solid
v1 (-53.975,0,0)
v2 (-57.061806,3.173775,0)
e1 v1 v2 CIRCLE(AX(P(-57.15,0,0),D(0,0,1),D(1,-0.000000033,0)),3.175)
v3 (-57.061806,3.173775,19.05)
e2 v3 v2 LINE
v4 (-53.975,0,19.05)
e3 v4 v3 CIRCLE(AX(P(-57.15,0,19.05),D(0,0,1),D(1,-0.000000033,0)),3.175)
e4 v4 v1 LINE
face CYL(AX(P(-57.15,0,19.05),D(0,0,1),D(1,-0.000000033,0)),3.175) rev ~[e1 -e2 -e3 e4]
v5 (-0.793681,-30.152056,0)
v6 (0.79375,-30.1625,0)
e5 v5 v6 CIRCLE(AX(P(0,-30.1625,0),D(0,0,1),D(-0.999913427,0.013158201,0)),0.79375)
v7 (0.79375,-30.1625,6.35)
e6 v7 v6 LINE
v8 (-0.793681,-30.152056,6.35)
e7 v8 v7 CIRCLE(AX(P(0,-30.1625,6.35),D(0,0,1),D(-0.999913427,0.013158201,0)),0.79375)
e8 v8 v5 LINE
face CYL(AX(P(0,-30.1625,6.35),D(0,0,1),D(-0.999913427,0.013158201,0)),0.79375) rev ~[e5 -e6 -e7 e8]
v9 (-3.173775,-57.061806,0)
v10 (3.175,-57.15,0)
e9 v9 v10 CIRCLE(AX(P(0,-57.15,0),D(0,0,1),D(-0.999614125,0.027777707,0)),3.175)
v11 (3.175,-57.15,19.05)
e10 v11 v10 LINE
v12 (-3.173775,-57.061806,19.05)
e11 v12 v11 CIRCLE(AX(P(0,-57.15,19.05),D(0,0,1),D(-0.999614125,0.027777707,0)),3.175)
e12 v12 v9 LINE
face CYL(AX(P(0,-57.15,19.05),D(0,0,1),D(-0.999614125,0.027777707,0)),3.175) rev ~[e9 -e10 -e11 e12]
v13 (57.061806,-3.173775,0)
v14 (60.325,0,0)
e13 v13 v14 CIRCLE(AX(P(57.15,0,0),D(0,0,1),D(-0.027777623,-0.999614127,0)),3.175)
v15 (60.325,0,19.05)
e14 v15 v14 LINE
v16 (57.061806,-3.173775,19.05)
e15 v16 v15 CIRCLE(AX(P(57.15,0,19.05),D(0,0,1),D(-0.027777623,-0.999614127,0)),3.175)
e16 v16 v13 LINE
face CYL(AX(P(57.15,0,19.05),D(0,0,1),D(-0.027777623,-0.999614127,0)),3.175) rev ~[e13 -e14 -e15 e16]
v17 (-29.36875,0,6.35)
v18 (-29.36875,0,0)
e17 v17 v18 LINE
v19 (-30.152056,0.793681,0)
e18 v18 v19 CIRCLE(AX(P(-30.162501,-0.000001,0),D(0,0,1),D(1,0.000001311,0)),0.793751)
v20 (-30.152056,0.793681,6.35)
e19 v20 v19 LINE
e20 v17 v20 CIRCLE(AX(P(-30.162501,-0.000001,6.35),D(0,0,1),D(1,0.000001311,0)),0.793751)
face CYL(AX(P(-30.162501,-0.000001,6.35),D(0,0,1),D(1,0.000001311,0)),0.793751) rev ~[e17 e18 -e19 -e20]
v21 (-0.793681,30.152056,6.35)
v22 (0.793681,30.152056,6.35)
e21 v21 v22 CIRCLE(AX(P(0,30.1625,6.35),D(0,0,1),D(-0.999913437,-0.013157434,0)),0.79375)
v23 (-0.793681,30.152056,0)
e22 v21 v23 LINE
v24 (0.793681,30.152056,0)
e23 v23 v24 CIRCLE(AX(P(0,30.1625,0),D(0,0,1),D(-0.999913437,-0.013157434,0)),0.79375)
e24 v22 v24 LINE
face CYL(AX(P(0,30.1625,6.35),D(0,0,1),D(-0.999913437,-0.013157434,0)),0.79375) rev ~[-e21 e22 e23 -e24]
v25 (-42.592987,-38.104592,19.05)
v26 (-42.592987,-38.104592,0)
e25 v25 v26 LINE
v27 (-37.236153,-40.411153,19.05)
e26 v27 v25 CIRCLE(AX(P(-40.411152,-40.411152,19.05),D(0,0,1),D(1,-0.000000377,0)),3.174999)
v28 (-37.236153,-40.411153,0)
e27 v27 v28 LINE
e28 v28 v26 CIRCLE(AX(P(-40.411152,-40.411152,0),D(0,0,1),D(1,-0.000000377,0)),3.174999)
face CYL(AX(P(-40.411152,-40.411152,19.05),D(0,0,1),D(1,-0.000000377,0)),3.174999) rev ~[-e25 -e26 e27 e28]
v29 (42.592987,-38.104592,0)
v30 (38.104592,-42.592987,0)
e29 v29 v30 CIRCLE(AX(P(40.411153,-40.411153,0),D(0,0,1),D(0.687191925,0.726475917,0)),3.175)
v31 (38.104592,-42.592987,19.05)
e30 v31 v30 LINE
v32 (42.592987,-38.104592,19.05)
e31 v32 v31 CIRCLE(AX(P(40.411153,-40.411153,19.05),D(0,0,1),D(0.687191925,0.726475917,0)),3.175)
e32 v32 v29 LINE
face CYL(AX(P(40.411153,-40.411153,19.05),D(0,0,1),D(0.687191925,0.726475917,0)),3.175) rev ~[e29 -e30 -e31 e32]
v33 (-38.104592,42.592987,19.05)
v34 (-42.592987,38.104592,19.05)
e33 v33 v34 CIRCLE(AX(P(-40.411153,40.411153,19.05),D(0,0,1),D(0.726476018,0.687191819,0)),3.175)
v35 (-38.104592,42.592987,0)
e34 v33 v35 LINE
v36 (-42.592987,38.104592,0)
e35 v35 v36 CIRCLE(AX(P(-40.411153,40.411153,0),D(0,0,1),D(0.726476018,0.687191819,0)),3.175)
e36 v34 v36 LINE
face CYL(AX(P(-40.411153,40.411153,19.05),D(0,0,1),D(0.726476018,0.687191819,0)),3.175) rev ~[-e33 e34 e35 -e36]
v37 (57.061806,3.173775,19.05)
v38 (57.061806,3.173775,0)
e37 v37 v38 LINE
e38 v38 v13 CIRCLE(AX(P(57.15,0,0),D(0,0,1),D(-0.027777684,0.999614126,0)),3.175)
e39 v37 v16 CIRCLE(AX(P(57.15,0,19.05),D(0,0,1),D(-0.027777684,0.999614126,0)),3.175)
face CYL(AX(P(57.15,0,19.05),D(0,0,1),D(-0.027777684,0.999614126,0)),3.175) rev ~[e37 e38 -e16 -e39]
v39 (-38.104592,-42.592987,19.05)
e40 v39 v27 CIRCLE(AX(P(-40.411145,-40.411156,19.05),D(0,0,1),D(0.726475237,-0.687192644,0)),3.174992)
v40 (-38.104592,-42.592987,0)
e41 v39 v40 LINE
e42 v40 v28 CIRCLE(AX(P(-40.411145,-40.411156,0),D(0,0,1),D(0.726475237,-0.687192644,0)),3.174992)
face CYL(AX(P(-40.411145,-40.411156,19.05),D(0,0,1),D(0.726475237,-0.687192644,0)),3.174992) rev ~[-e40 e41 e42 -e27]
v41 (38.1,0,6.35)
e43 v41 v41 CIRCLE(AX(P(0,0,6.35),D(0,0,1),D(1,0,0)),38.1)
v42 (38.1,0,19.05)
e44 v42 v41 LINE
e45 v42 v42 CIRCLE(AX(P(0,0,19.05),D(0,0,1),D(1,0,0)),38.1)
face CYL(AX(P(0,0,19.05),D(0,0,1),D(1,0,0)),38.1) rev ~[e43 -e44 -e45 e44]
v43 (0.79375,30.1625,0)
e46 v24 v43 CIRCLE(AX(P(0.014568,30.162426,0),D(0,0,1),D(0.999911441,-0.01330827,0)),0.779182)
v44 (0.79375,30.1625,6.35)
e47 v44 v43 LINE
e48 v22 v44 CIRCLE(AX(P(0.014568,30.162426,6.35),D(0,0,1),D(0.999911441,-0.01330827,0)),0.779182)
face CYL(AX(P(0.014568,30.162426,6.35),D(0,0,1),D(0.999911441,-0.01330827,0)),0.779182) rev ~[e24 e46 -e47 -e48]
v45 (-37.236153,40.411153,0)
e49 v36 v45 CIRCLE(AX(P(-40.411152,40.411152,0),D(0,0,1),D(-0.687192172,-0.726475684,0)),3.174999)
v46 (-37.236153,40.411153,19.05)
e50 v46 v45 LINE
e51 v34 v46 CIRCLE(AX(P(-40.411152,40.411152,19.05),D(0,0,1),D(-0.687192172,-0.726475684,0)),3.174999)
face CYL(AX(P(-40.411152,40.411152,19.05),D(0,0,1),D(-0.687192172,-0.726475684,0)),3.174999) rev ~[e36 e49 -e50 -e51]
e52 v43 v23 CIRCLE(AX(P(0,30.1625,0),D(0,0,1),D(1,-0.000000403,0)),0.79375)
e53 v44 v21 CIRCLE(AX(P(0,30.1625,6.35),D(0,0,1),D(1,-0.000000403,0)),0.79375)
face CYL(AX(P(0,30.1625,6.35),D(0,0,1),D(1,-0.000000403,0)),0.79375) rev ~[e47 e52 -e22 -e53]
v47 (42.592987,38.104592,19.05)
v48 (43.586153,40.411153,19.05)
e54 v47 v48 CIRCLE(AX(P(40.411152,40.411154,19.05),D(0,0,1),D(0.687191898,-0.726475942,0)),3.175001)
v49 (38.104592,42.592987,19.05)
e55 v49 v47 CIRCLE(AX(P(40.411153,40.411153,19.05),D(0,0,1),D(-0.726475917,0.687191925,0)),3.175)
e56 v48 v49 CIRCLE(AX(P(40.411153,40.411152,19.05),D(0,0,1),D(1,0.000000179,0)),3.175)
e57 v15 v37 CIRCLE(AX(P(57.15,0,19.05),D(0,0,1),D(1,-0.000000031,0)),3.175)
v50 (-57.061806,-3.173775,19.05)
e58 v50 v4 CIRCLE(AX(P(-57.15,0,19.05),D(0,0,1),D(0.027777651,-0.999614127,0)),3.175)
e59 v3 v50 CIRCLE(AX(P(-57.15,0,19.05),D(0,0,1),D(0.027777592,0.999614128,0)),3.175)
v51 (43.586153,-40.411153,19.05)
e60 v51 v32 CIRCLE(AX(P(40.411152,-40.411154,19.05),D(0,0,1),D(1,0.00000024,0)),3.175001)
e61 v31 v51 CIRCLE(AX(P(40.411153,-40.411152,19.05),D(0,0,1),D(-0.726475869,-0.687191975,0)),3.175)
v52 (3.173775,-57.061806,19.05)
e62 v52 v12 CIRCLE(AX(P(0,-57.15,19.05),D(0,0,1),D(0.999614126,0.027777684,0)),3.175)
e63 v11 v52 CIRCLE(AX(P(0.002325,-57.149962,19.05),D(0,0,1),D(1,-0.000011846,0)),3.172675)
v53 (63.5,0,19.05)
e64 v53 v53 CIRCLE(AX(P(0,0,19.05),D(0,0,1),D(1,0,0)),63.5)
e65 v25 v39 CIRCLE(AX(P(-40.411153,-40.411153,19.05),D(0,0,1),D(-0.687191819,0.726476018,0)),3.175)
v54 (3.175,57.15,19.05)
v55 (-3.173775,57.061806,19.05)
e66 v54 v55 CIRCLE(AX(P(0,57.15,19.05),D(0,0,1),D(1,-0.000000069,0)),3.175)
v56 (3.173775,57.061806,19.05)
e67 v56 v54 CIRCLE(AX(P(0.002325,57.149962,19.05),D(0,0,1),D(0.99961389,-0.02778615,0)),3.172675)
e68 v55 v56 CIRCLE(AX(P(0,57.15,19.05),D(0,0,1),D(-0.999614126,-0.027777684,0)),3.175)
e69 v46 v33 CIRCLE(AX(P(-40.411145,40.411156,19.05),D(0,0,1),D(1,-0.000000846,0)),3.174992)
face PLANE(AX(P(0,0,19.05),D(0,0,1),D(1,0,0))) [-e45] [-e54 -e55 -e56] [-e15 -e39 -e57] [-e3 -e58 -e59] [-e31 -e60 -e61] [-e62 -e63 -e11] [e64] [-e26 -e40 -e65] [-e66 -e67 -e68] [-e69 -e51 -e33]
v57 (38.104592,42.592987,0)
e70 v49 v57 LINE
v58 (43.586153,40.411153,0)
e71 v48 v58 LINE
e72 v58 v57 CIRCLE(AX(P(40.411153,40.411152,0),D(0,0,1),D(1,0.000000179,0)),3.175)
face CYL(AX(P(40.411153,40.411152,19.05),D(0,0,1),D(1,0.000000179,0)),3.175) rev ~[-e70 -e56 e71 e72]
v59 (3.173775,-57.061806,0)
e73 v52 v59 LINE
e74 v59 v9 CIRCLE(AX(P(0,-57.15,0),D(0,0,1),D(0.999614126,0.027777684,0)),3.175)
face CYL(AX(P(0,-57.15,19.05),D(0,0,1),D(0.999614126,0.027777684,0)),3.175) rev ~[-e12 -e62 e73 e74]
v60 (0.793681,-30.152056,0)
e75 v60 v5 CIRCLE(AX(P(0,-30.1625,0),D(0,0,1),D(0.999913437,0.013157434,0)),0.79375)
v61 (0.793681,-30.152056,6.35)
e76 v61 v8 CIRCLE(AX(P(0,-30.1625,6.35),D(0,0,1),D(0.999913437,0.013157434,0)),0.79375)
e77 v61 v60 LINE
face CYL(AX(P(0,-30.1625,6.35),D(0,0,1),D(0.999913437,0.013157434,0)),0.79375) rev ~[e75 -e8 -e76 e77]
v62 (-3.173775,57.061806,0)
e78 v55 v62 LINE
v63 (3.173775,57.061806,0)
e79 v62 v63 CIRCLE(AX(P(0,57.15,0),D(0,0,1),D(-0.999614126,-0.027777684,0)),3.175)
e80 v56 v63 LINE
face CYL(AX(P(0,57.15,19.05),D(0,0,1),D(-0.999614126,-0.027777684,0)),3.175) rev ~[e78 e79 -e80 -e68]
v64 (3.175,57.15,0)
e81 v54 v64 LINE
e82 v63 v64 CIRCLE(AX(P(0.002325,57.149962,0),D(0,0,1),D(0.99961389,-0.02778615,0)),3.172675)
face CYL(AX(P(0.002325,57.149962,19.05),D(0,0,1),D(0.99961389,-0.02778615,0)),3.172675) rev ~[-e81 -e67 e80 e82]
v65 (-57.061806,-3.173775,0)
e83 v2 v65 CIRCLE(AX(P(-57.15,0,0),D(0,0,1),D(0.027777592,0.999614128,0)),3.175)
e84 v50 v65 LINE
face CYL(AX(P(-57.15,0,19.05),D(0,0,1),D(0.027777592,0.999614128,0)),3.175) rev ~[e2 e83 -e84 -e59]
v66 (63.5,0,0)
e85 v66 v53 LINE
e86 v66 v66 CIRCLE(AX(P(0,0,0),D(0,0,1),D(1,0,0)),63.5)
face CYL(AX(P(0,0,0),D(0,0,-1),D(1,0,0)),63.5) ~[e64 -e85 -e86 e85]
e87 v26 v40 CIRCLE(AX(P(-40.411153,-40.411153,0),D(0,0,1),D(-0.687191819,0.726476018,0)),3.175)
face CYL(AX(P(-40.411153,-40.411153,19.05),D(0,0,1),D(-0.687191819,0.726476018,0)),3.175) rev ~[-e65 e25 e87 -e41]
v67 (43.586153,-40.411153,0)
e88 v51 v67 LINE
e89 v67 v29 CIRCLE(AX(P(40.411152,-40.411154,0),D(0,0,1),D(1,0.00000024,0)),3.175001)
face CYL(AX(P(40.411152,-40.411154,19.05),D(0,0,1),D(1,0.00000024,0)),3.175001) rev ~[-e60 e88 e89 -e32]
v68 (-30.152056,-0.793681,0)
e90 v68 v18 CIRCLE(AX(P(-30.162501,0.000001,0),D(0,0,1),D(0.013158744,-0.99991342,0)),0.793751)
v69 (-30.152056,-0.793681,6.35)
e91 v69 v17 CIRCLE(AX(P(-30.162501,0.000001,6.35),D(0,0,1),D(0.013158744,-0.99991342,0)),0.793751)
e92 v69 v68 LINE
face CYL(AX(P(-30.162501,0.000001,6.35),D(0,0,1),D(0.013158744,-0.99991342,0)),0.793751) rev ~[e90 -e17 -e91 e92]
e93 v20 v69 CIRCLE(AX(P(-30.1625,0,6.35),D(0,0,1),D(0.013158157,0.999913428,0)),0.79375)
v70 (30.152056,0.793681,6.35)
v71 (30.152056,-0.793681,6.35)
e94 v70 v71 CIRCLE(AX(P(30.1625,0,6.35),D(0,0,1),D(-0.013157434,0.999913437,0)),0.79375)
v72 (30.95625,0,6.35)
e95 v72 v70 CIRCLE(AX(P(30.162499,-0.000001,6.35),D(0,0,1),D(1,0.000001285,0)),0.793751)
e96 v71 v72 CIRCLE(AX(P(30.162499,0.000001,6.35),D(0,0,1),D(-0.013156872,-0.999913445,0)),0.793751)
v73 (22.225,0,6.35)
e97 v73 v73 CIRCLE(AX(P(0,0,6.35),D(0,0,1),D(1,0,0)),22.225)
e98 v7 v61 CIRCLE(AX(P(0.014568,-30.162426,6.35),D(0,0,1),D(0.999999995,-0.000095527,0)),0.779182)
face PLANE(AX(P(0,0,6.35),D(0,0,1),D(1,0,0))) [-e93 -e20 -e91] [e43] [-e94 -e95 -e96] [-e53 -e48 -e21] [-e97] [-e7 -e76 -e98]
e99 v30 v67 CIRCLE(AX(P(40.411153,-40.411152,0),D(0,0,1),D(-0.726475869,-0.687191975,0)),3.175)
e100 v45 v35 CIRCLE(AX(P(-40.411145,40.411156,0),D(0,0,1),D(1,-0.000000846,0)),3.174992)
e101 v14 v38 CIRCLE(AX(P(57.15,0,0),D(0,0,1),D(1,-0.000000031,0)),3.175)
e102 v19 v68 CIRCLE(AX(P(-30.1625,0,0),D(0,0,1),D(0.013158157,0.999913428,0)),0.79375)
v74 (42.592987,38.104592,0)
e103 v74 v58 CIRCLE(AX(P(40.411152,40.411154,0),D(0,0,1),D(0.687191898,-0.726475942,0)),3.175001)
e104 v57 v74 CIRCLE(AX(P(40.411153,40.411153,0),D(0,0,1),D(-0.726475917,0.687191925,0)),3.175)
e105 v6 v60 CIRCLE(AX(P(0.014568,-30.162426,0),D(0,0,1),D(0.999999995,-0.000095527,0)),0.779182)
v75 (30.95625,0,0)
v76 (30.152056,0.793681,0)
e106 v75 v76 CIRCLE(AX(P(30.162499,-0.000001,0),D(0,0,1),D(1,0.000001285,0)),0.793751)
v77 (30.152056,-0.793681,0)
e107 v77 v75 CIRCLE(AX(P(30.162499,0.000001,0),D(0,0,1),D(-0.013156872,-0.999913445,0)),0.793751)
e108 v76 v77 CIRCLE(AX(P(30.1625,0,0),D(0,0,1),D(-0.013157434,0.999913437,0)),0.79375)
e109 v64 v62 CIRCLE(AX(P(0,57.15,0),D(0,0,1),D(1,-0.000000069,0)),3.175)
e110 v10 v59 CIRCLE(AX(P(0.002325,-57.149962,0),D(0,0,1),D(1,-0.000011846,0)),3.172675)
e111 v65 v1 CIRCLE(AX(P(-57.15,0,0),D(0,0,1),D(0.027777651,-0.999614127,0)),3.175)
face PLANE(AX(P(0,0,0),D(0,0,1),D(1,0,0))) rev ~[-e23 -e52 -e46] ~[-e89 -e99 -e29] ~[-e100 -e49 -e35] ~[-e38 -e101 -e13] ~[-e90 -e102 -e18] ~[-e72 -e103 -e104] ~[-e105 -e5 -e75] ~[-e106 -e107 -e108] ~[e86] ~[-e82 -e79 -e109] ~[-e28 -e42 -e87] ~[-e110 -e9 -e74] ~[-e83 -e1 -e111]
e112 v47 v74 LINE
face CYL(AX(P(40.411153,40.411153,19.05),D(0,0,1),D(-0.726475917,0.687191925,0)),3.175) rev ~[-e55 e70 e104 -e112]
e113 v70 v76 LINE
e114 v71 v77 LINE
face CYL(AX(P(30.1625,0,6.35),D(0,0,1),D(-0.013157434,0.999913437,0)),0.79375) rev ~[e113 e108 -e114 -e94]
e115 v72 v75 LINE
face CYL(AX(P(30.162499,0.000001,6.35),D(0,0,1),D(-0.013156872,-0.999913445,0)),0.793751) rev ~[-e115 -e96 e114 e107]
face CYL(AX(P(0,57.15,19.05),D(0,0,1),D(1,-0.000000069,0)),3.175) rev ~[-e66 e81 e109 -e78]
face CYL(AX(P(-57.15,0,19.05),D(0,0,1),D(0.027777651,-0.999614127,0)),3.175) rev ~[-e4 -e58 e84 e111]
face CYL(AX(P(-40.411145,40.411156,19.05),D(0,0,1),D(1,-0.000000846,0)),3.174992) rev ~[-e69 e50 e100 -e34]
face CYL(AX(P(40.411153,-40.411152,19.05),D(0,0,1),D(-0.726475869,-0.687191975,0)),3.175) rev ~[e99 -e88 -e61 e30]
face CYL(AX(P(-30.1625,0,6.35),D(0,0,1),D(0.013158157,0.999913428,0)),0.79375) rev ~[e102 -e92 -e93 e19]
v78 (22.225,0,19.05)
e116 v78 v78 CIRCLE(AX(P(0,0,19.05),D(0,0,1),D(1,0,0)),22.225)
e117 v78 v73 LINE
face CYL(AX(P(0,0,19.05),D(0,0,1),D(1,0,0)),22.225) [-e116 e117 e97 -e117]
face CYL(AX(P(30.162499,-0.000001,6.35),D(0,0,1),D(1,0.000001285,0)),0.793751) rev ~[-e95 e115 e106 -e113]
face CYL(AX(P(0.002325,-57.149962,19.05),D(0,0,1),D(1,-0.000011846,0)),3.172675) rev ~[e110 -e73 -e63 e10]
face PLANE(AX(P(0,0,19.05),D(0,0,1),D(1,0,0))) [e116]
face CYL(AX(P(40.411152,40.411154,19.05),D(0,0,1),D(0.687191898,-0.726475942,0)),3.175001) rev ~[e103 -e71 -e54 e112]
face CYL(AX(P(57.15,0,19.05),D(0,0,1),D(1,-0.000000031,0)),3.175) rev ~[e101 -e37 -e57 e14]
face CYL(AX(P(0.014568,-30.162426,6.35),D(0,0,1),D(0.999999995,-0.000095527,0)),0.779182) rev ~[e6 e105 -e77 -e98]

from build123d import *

# Parameters (mm, degrees)
F0_R     = 63.5
F1_DEPTH = 19.05
F2_R     = 38.1
F2_R_2   = 22.225
F3_DEPTH = 12.7
F5_DEPTH = 25.4
F7_DEPTH = 25.4


with BuildPart() as f1:
    # F0 (on Top) → F1 (new body)
    with BuildSketch(Plane.XY):
        Circle(F0_R)
    extrude(amount=F1_DEPTH)

    # F2 (on face) → F3 (cut)
    with BuildSketch(Plane.XY.offset(19.05)):
        Circle(F2_R)
        Circle(F2_R_2, mode=Mode.SUBTRACT)
    extrude(amount=-F3_DEPTH, mode=Mode.SUBTRACT)

    # F4 (on face) → F5 (cut)
    with BuildSketch(Plane.XY.offset(19.05)):
        with BuildLine():
            ThreePointArc((-53.975, 0), (-54.873968, 2.213663), (-57.061806, 3.173775))
            ThreePointArc((-57.061806, 3.173775), (-60.325, 0), (-57.061806, -3.173775))
            ThreePointArc((-57.061806, -3.173775), (-54.873968, -2.213663), (-53.975, 0))
        make_face()
        with BuildLine():
            ThreePointArc((-38.104592, 42.592987), (-42.656217, 42.656217), (-42.592987, 38.104592))
            ThreePointArc((-42.592987, 38.104592), (-39.155505, 37.494995), (-37.236153, 40.411153))
            ThreePointArc((-37.236153, 40.411153), (-37.461241, 41.585311), (-38.104592, 42.592987))
        make_face()
        with BuildLine():
            ThreePointArc((3.175, 57.15), (-0.044101, 60.324694), (-3.173775, 57.061806))
            ThreePointArc((-3.173775, 57.061806), (0, 53.975), (3.173775, 57.061806))
            ThreePointArc((3.173775, 57.061806), (3.174694, 57.105899), (3.175, 57.15))
        make_face()
        with BuildLine():
            ThreePointArc((43.586153, 40.411153), (41.585311, 43.361064), (38.104592, 42.592987))
            ThreePointArc((38.104592, 42.592987), (38.166089, 38.166089), (42.592987, 38.104592))
            ThreePointArc((42.592987, 38.104592), (43.32731, 39.155505), (43.586153, 40.411153))
        make_face()
        with BuildLine():
            ThreePointArc((60.325, 0), (59.363663, 2.276032), (57.061806, 3.173775))
            ThreePointArc((57.061806, 3.173775), (53.975, 0), (57.061806, -3.173775))
            ThreePointArc((57.061806, -3.173775), (59.363663, -2.276032), (60.325, 0))
        make_face()
        with BuildLine():
            ThreePointArc((42.592987, -38.104592), (38.166089, -38.166089), (38.104592, -42.592987))
            ThreePointArc((38.104592, -42.592987), (41.585311, -43.361064), (43.586153, -40.411153))
            ThreePointArc((43.586153, -40.411153), (43.32731, -39.155505), (42.592987, -38.104592))
        make_face()
        with BuildLine():
            ThreePointArc((3.173775, -57.061806), (0, -53.975), (-3.173775, -57.061806))
            ThreePointArc((-3.173775, -57.061806), (-0.044101, -60.324694), (3.175, -57.15))
            ThreePointArc((3.175, -57.15), (3.174694, -57.105899), (3.173775, -57.061806))
        make_face()
        with BuildLine():
            ThreePointArc((-37.236153, -40.411153), (-39.155505, -37.494995), (-42.592987, -38.104592))
            ThreePointArc((-42.592987, -38.104592), (-42.656217, -42.656217), (-38.104592, -42.592987))
            ThreePointArc((-38.104592, -42.592987), (-37.461241, -41.585311), (-37.236153, -40.411153))
        make_face()
    extrude(amount=-F5_DEPTH, mode=Mode.SUBTRACT)

    # F6 (on face) → F7 (cut)
    with BuildSketch(Plane.XY.offset(6.35)):
        with BuildLine():
            ThreePointArc((-29.36875, 0), (-29.597554, 0.557561), (-30.152056, 0.793681))
            ThreePointArc((-30.152056, 0.793681), (-30.95625, 0), (-30.152056, -0.793681))
            ThreePointArc((-30.152056, -0.793681), (-29.597554, -0.557561), (-29.36875, 0))
        make_face()
        with BuildLine():
            ThreePointArc((0.793681, -30.152056), (0, -29.36875), (-0.793681, -30.152056))
            ThreePointArc((-0.793681, -30.152056), (-0.005222, -30.956233), (0.79375, -30.1625))
            ThreePointArc((0.79375, -30.1625), (0.793733, -30.157278), (0.793681, -30.152056))
        make_face()
        with BuildLine():
            ThreePointArc((30.95625, 0), (30.720061, 0.564946), (30.152056, 0.793681))
            ThreePointArc((30.152056, 0.793681), (29.36875, 0), (30.152056, -0.793681))
            ThreePointArc((30.152056, -0.793681), (30.720061, -0.564946), (30.95625, 0))
        make_face()
        with BuildLine():
            ThreePointArc((0.79375, 30.1625), (-0.005222, 30.956233), (-0.793681, 30.152056))
            ThreePointArc((-0.793681, 30.152056), (0, 29.36875), (0.793681, 30.152056))
            ThreePointArc((0.793681, 30.152056), (0.793733, 30.157278), (0.79375, 30.1625))
        make_face()
    extrude(amount=-F7_DEPTH, mode=Mode.SUBTRACT)


solid = f1.part
